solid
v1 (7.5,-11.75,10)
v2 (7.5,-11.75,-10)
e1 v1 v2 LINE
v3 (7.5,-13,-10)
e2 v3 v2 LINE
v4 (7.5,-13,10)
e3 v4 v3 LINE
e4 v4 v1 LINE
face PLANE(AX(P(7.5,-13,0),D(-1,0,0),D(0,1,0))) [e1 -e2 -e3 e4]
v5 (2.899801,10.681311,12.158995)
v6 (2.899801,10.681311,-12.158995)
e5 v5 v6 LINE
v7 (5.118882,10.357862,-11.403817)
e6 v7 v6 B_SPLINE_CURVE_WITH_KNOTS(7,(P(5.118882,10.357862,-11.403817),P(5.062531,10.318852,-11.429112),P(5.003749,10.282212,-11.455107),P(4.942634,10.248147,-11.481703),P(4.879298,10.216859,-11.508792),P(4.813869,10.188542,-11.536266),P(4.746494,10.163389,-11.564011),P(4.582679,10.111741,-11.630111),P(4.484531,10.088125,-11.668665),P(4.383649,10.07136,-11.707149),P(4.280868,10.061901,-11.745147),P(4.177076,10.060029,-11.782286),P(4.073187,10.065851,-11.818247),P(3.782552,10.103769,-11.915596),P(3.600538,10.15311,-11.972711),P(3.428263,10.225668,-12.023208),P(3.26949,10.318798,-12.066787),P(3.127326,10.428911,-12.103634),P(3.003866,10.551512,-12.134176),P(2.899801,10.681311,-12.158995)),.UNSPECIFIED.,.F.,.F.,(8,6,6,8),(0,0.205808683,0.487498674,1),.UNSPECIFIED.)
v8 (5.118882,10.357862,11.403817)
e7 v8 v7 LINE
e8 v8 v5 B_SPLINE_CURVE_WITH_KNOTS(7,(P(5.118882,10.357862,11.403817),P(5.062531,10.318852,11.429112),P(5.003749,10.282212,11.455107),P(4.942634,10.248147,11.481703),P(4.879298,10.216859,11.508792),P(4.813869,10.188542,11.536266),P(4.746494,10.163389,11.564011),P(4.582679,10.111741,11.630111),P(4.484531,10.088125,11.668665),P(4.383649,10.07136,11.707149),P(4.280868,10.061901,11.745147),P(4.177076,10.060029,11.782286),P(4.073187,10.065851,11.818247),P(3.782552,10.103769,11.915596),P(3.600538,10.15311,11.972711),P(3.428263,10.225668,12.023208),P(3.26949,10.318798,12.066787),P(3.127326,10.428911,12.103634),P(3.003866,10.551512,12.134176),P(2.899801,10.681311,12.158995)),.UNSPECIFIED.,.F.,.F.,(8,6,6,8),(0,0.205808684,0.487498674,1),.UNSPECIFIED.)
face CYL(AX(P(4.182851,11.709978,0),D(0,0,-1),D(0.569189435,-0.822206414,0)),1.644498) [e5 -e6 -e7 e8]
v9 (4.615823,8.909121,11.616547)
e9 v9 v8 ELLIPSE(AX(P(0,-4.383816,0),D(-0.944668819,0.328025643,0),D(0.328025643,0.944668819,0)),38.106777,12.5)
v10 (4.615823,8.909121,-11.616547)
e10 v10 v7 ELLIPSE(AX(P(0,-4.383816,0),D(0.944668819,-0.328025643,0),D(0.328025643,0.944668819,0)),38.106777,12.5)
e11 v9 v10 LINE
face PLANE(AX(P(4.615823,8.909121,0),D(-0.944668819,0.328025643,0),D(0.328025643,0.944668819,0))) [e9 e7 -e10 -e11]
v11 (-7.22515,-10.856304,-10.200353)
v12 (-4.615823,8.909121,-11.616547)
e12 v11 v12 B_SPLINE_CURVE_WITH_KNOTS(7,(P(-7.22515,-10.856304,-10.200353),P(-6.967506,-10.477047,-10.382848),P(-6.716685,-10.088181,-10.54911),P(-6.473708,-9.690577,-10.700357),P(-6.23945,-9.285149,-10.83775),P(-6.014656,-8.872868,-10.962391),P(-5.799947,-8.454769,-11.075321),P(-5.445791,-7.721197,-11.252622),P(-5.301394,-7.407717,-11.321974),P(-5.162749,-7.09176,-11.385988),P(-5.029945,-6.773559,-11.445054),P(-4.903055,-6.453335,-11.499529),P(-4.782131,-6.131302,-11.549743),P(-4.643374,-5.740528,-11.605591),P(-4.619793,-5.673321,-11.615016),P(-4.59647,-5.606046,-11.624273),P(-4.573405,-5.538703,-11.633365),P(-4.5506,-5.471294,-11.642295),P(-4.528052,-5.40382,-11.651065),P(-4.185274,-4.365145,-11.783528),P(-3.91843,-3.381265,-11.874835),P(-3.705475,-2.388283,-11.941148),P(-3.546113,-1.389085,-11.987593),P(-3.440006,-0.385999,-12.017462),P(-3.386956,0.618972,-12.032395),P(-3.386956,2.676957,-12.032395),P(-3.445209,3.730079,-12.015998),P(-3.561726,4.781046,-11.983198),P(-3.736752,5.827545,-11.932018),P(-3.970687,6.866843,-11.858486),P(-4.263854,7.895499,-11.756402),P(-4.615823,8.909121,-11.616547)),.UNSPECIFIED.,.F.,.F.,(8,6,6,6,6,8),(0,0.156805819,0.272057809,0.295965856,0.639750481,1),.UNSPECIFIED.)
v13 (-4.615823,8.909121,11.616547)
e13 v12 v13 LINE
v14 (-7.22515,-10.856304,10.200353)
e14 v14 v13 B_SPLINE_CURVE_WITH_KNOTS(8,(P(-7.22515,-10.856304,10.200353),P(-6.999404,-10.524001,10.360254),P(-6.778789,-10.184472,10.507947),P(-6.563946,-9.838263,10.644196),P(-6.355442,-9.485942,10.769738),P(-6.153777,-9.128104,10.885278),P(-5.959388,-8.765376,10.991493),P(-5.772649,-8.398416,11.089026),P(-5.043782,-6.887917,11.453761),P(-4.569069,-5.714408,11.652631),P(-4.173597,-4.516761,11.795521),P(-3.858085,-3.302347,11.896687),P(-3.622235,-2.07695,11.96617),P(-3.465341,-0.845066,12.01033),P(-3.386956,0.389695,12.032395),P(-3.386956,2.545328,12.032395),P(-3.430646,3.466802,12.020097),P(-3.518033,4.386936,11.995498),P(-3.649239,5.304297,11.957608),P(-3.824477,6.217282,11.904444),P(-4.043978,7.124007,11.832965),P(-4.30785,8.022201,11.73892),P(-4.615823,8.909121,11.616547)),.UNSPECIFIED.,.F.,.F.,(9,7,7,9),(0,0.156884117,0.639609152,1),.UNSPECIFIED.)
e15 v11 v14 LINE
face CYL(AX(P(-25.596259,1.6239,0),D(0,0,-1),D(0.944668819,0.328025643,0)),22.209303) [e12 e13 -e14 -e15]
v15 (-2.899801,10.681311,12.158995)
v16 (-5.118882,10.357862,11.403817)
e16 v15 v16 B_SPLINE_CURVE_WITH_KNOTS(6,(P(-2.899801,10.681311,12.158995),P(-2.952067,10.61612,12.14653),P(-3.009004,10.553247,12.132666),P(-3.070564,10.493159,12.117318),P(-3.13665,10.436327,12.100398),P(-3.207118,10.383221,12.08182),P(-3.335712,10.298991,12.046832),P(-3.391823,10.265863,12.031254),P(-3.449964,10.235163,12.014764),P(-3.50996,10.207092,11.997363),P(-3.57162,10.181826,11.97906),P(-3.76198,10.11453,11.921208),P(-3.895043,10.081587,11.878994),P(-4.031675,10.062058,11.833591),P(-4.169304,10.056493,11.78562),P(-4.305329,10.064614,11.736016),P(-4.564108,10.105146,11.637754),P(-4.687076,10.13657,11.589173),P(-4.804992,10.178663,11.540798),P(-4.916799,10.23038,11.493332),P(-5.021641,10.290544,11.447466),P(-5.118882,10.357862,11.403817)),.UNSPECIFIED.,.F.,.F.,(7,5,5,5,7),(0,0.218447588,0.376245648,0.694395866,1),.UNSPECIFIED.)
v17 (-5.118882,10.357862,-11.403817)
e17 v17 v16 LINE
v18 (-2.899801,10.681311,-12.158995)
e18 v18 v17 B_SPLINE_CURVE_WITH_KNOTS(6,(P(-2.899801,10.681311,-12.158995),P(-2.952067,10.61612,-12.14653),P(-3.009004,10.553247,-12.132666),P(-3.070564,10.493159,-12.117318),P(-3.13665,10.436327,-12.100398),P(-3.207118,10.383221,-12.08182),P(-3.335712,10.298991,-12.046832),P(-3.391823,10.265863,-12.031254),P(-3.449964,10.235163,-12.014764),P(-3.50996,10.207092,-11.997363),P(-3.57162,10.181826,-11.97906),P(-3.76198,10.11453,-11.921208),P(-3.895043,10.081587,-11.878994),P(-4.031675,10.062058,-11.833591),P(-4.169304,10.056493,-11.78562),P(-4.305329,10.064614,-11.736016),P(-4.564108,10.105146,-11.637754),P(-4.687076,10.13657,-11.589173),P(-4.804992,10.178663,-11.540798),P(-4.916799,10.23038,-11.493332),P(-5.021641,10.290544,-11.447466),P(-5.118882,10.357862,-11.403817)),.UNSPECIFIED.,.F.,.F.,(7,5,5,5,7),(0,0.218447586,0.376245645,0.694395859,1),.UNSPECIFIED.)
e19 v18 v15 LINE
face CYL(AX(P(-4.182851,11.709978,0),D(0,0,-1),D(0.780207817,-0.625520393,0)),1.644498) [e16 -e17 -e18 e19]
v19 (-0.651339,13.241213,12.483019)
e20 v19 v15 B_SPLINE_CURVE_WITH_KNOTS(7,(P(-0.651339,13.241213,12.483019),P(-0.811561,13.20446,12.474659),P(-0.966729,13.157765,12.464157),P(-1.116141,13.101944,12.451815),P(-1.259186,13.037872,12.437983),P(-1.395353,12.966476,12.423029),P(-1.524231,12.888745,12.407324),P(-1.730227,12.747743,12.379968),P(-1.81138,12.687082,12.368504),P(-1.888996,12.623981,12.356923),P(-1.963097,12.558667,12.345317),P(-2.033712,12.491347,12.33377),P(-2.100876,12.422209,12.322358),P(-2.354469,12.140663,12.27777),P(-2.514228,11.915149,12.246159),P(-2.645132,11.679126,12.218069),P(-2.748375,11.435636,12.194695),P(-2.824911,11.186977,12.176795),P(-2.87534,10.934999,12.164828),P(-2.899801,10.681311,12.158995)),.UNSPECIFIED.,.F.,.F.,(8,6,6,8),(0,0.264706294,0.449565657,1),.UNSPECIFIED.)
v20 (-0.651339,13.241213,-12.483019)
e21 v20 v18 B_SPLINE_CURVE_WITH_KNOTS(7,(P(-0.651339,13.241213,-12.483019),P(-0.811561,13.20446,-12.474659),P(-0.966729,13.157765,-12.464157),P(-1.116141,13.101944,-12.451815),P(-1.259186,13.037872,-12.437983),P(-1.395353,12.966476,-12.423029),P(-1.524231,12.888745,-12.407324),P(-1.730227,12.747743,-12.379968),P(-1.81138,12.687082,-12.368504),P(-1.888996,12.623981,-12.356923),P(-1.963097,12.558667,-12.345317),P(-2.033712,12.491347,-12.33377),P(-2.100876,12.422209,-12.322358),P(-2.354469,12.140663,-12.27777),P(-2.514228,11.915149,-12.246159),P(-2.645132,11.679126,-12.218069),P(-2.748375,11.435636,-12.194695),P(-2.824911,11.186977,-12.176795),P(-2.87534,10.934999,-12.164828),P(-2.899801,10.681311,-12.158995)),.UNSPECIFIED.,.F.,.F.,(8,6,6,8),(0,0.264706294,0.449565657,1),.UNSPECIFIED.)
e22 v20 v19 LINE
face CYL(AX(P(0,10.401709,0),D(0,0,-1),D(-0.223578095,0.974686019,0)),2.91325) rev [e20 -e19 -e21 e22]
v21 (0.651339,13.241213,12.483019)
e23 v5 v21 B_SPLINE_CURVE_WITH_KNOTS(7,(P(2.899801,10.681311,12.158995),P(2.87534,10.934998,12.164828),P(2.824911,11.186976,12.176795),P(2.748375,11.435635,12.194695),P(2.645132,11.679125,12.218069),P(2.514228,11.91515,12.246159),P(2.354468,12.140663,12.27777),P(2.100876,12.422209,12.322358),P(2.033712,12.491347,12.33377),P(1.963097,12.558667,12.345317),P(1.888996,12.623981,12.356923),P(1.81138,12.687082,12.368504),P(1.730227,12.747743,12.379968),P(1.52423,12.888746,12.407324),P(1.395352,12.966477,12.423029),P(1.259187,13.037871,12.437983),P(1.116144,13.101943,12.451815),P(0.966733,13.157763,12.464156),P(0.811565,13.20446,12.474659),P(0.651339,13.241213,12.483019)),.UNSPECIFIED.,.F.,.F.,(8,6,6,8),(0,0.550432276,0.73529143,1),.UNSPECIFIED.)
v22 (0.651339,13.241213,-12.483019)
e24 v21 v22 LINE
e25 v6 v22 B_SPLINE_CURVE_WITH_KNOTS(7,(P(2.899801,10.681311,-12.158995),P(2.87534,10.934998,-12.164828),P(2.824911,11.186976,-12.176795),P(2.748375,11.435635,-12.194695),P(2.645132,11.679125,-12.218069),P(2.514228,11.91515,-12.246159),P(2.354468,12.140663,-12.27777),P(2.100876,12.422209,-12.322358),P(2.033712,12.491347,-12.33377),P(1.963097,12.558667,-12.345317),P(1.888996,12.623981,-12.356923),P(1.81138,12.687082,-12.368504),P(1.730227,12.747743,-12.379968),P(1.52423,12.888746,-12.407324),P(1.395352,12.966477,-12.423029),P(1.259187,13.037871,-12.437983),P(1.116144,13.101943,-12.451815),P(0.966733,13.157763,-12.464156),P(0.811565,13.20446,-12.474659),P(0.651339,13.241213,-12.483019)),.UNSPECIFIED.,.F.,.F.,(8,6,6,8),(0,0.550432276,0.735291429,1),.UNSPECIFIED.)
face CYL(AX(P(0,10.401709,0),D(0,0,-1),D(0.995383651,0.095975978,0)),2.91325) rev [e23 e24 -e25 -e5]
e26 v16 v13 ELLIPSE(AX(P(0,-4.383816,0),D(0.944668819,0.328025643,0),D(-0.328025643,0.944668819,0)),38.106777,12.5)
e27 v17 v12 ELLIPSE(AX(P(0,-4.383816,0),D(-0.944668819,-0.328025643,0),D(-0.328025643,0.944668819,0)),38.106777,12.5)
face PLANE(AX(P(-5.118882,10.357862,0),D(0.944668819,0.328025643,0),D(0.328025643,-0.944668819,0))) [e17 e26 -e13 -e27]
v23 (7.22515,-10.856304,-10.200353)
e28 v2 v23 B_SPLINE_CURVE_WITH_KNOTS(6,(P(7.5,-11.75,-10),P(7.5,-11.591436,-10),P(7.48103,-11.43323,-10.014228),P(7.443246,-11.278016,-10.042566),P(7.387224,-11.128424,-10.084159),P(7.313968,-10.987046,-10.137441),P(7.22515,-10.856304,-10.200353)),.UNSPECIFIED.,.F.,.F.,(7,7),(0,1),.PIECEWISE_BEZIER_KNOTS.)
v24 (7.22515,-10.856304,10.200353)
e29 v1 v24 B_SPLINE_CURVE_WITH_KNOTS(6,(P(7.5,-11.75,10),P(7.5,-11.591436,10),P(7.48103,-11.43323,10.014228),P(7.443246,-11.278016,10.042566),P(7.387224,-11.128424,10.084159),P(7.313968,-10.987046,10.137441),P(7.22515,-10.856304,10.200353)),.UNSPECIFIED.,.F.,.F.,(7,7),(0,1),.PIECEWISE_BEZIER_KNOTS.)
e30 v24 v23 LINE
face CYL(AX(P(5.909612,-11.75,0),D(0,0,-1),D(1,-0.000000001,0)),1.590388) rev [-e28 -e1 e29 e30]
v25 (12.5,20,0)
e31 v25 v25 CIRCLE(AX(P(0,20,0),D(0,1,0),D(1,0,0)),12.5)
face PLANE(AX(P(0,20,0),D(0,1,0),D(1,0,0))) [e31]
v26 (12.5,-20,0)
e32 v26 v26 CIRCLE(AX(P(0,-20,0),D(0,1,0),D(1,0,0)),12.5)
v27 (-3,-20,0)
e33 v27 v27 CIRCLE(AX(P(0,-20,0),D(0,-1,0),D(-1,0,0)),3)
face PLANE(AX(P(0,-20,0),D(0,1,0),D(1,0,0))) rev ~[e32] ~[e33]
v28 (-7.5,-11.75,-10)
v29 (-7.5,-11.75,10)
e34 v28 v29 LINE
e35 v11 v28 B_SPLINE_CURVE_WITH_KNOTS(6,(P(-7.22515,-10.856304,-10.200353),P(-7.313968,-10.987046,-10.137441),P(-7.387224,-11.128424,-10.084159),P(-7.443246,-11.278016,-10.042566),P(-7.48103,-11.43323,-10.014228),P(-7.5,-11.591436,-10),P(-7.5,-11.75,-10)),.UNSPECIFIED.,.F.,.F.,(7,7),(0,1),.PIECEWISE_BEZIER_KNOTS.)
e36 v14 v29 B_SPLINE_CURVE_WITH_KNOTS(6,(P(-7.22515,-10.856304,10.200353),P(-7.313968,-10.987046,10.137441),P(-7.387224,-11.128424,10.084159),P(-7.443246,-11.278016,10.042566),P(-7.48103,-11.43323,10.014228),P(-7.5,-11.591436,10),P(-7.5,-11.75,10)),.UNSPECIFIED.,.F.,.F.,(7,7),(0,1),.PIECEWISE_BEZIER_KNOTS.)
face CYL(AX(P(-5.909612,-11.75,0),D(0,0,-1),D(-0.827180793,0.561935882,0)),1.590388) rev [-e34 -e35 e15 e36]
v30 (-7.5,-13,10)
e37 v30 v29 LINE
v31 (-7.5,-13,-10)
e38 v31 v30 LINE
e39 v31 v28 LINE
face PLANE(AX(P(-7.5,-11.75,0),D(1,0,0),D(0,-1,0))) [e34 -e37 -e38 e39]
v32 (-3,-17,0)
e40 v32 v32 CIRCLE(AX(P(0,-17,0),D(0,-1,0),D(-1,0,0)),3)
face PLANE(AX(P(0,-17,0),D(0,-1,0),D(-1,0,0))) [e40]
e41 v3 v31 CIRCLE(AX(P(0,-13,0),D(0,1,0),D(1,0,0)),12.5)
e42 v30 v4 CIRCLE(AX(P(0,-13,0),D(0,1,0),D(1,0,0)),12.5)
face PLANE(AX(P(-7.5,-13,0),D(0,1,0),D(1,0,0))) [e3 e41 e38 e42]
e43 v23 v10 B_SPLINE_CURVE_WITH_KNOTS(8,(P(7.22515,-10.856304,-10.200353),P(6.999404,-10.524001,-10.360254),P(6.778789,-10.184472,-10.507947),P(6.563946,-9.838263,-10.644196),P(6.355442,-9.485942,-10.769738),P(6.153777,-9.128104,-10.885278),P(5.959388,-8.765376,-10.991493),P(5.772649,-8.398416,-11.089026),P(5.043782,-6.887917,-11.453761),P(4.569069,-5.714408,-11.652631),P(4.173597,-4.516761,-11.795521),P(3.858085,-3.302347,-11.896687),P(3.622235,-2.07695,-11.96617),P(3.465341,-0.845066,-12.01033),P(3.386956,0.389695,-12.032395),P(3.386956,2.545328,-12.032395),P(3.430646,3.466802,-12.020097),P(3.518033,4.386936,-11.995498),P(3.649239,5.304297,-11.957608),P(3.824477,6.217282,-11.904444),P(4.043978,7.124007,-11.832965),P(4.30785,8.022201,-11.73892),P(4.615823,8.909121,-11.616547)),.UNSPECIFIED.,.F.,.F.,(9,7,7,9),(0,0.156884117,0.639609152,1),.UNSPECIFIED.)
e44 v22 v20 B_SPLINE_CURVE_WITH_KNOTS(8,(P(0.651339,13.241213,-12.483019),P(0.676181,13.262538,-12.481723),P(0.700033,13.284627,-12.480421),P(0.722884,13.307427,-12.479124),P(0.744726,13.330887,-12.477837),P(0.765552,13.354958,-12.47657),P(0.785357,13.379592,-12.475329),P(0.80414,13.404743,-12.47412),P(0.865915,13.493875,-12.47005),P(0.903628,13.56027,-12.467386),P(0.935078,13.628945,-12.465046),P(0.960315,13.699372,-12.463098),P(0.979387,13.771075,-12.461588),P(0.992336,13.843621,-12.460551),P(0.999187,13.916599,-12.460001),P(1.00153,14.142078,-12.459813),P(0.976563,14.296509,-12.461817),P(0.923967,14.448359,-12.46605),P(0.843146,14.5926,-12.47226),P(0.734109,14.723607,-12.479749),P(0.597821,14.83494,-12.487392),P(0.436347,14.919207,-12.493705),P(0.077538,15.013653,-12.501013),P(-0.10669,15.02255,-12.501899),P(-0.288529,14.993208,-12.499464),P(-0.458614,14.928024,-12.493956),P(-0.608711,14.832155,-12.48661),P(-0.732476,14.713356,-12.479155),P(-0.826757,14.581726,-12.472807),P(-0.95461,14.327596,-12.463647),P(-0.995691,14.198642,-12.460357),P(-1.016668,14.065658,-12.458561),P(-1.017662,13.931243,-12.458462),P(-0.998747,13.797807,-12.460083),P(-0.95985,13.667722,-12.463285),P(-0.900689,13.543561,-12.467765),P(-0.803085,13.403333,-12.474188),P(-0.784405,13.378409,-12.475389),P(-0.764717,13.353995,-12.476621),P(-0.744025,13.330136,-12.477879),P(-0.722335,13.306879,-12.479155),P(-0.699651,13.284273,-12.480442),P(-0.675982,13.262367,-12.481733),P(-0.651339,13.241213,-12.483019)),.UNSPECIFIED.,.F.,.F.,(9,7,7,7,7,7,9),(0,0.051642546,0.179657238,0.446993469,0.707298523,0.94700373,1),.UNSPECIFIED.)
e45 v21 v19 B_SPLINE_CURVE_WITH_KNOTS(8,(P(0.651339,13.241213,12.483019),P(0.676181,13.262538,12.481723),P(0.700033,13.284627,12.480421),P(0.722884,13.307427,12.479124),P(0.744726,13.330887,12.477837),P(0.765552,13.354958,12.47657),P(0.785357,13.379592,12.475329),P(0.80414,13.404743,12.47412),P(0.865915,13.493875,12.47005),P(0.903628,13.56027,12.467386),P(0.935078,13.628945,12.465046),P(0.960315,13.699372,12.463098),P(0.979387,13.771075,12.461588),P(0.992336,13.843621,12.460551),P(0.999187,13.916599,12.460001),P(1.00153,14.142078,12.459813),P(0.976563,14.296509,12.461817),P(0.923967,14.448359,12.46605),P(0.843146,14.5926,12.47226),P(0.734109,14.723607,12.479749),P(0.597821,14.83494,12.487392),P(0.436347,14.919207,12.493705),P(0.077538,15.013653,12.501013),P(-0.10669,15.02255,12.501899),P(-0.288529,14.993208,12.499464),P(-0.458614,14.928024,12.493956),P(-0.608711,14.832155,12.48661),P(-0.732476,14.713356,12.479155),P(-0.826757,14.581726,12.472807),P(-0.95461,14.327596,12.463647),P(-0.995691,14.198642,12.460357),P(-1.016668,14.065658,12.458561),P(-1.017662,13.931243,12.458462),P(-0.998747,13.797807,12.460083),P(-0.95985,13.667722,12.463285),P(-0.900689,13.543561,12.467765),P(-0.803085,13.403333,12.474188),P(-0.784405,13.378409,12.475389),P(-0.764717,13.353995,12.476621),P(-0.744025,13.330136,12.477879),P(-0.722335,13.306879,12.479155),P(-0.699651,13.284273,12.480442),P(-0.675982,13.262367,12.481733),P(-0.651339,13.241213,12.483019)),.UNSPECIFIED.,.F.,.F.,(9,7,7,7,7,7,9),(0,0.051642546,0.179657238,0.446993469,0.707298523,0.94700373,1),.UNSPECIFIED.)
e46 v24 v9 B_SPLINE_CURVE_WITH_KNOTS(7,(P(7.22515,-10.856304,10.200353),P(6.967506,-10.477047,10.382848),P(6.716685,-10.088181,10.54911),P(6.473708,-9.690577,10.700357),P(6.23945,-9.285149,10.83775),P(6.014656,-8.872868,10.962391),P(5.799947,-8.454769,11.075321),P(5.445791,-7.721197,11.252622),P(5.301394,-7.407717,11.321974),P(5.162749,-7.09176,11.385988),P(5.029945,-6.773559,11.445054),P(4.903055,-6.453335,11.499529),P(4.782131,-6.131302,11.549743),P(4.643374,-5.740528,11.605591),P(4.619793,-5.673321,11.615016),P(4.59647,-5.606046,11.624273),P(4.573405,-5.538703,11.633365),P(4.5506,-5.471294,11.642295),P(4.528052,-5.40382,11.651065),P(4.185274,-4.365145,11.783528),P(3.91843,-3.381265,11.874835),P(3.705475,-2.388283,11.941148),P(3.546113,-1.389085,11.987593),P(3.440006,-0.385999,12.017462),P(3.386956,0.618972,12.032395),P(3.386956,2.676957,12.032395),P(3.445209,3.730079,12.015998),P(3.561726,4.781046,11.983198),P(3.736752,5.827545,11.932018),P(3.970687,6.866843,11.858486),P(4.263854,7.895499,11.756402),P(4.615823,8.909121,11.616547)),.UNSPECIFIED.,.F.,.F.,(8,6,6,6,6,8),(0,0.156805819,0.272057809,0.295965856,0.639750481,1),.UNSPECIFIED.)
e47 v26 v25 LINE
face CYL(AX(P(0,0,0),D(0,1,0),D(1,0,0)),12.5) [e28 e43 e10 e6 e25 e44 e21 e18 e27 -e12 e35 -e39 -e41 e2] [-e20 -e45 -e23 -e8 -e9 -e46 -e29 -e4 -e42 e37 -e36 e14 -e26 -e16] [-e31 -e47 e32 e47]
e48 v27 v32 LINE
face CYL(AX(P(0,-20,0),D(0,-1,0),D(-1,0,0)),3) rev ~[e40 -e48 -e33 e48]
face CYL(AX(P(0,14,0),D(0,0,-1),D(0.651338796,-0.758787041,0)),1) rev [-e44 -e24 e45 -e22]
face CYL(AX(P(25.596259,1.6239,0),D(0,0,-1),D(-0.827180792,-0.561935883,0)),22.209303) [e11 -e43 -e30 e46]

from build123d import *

# Parameters (mm, degrees)
SKETCH2_R               = 12.5
BOSS_EXTRUDE1_DEPTH     = 20
CUT_EXTRUDE1_DEPTH      = 13.5
CUT_EXTRUDE1_DEPTH_BACK = 13.5
SKETCH4_R               = 3
CUT_EXTRUDE2_DEPTH      = 3


with BuildPart() as part:
    # Sketch2 → Boss-Extrude1 (new body, symmetric)
    with BuildSketch(Plane(origin=(0, 0, 0), x_dir=(1, 0, 0), z_dir=(0, 1, 0))):
        Circle(SKETCH2_R)
    extrude(amount=BOSS_EXTRUDE1_DEPTH, both=True)

    # Sketch3 → Cut-Extrude1 (cut, two sides)
    with BuildSketch(Plane.XY) as cut_extrude1_sk:
        with BuildLine():
            Line((-7.5, -13), (7.5, -13))
            Line((7.5, -13), (7.5, -11.75))
            ThreePointArc((7.5, -11.75), (7.429735441, -11.282497399), (7.225150448, -10.856304049))
            ThreePointArc((7.225150448, -10.856304049), (3.577993471, -1.282835033), (4.615823257, 8.909121225))
            Line((4.615823257, 8.909121225), (5.118882067, 10.357861534))
            ThreePointArc((5.118882067, 10.357861534), (3.945658152, 10.08267593), (2.899801007, 10.681311299))
            ThreePointArc((2.899801007, 10.681311299), (2.188817627, 12.324233844), (0.651338796, 13.241212959))
            ThreePointArc((0.651338796, 13.241212959), (0, 15), (-0.651338796, 13.241212959))
            ThreePointArc((-0.651338796, 13.241212959), (-2.188817627, 12.324233844), (-2.899801007, 10.681311299))
            ThreePointArc((-2.899801007, 10.681311299), (-3.945658152, 10.08267593), (-5.118882067, 10.357861534))
            Line((-5.118882067, 10.357861534), (-4.615823257, 8.909121225))
            ThreePointArc((-4.615823257, 8.909121225), (-3.577993471, -1.282835033), (-7.225150448, -10.856304049))
            ThreePointArc((-7.225150448, -10.856304049), (-7.429735441, -11.282497399), (-7.5, -11.75))
            Line((-7.5, -11.75), (-7.5, -13))
        make_face()
    extrude(amount=CUT_EXTRUDE1_DEPTH, mode=Mode.SUBTRACT)
    extrude(cut_extrude1_sk.sketch, amount=-CUT_EXTRUDE1_DEPTH_BACK, mode=Mode.SUBTRACT)

    # Sketch4 → Cut-Extrude2 (cut)
    with BuildSketch(Plane(origin=(0, -20, 0), x_dir=(-1, 0, 0), z_dir=(0, -1, 0))):
        Circle(SKETCH4_R)
    extrude(amount=-CUT_EXTRUDE2_DEPTH, mode=Mode.SUBTRACT)


solid = part.part
